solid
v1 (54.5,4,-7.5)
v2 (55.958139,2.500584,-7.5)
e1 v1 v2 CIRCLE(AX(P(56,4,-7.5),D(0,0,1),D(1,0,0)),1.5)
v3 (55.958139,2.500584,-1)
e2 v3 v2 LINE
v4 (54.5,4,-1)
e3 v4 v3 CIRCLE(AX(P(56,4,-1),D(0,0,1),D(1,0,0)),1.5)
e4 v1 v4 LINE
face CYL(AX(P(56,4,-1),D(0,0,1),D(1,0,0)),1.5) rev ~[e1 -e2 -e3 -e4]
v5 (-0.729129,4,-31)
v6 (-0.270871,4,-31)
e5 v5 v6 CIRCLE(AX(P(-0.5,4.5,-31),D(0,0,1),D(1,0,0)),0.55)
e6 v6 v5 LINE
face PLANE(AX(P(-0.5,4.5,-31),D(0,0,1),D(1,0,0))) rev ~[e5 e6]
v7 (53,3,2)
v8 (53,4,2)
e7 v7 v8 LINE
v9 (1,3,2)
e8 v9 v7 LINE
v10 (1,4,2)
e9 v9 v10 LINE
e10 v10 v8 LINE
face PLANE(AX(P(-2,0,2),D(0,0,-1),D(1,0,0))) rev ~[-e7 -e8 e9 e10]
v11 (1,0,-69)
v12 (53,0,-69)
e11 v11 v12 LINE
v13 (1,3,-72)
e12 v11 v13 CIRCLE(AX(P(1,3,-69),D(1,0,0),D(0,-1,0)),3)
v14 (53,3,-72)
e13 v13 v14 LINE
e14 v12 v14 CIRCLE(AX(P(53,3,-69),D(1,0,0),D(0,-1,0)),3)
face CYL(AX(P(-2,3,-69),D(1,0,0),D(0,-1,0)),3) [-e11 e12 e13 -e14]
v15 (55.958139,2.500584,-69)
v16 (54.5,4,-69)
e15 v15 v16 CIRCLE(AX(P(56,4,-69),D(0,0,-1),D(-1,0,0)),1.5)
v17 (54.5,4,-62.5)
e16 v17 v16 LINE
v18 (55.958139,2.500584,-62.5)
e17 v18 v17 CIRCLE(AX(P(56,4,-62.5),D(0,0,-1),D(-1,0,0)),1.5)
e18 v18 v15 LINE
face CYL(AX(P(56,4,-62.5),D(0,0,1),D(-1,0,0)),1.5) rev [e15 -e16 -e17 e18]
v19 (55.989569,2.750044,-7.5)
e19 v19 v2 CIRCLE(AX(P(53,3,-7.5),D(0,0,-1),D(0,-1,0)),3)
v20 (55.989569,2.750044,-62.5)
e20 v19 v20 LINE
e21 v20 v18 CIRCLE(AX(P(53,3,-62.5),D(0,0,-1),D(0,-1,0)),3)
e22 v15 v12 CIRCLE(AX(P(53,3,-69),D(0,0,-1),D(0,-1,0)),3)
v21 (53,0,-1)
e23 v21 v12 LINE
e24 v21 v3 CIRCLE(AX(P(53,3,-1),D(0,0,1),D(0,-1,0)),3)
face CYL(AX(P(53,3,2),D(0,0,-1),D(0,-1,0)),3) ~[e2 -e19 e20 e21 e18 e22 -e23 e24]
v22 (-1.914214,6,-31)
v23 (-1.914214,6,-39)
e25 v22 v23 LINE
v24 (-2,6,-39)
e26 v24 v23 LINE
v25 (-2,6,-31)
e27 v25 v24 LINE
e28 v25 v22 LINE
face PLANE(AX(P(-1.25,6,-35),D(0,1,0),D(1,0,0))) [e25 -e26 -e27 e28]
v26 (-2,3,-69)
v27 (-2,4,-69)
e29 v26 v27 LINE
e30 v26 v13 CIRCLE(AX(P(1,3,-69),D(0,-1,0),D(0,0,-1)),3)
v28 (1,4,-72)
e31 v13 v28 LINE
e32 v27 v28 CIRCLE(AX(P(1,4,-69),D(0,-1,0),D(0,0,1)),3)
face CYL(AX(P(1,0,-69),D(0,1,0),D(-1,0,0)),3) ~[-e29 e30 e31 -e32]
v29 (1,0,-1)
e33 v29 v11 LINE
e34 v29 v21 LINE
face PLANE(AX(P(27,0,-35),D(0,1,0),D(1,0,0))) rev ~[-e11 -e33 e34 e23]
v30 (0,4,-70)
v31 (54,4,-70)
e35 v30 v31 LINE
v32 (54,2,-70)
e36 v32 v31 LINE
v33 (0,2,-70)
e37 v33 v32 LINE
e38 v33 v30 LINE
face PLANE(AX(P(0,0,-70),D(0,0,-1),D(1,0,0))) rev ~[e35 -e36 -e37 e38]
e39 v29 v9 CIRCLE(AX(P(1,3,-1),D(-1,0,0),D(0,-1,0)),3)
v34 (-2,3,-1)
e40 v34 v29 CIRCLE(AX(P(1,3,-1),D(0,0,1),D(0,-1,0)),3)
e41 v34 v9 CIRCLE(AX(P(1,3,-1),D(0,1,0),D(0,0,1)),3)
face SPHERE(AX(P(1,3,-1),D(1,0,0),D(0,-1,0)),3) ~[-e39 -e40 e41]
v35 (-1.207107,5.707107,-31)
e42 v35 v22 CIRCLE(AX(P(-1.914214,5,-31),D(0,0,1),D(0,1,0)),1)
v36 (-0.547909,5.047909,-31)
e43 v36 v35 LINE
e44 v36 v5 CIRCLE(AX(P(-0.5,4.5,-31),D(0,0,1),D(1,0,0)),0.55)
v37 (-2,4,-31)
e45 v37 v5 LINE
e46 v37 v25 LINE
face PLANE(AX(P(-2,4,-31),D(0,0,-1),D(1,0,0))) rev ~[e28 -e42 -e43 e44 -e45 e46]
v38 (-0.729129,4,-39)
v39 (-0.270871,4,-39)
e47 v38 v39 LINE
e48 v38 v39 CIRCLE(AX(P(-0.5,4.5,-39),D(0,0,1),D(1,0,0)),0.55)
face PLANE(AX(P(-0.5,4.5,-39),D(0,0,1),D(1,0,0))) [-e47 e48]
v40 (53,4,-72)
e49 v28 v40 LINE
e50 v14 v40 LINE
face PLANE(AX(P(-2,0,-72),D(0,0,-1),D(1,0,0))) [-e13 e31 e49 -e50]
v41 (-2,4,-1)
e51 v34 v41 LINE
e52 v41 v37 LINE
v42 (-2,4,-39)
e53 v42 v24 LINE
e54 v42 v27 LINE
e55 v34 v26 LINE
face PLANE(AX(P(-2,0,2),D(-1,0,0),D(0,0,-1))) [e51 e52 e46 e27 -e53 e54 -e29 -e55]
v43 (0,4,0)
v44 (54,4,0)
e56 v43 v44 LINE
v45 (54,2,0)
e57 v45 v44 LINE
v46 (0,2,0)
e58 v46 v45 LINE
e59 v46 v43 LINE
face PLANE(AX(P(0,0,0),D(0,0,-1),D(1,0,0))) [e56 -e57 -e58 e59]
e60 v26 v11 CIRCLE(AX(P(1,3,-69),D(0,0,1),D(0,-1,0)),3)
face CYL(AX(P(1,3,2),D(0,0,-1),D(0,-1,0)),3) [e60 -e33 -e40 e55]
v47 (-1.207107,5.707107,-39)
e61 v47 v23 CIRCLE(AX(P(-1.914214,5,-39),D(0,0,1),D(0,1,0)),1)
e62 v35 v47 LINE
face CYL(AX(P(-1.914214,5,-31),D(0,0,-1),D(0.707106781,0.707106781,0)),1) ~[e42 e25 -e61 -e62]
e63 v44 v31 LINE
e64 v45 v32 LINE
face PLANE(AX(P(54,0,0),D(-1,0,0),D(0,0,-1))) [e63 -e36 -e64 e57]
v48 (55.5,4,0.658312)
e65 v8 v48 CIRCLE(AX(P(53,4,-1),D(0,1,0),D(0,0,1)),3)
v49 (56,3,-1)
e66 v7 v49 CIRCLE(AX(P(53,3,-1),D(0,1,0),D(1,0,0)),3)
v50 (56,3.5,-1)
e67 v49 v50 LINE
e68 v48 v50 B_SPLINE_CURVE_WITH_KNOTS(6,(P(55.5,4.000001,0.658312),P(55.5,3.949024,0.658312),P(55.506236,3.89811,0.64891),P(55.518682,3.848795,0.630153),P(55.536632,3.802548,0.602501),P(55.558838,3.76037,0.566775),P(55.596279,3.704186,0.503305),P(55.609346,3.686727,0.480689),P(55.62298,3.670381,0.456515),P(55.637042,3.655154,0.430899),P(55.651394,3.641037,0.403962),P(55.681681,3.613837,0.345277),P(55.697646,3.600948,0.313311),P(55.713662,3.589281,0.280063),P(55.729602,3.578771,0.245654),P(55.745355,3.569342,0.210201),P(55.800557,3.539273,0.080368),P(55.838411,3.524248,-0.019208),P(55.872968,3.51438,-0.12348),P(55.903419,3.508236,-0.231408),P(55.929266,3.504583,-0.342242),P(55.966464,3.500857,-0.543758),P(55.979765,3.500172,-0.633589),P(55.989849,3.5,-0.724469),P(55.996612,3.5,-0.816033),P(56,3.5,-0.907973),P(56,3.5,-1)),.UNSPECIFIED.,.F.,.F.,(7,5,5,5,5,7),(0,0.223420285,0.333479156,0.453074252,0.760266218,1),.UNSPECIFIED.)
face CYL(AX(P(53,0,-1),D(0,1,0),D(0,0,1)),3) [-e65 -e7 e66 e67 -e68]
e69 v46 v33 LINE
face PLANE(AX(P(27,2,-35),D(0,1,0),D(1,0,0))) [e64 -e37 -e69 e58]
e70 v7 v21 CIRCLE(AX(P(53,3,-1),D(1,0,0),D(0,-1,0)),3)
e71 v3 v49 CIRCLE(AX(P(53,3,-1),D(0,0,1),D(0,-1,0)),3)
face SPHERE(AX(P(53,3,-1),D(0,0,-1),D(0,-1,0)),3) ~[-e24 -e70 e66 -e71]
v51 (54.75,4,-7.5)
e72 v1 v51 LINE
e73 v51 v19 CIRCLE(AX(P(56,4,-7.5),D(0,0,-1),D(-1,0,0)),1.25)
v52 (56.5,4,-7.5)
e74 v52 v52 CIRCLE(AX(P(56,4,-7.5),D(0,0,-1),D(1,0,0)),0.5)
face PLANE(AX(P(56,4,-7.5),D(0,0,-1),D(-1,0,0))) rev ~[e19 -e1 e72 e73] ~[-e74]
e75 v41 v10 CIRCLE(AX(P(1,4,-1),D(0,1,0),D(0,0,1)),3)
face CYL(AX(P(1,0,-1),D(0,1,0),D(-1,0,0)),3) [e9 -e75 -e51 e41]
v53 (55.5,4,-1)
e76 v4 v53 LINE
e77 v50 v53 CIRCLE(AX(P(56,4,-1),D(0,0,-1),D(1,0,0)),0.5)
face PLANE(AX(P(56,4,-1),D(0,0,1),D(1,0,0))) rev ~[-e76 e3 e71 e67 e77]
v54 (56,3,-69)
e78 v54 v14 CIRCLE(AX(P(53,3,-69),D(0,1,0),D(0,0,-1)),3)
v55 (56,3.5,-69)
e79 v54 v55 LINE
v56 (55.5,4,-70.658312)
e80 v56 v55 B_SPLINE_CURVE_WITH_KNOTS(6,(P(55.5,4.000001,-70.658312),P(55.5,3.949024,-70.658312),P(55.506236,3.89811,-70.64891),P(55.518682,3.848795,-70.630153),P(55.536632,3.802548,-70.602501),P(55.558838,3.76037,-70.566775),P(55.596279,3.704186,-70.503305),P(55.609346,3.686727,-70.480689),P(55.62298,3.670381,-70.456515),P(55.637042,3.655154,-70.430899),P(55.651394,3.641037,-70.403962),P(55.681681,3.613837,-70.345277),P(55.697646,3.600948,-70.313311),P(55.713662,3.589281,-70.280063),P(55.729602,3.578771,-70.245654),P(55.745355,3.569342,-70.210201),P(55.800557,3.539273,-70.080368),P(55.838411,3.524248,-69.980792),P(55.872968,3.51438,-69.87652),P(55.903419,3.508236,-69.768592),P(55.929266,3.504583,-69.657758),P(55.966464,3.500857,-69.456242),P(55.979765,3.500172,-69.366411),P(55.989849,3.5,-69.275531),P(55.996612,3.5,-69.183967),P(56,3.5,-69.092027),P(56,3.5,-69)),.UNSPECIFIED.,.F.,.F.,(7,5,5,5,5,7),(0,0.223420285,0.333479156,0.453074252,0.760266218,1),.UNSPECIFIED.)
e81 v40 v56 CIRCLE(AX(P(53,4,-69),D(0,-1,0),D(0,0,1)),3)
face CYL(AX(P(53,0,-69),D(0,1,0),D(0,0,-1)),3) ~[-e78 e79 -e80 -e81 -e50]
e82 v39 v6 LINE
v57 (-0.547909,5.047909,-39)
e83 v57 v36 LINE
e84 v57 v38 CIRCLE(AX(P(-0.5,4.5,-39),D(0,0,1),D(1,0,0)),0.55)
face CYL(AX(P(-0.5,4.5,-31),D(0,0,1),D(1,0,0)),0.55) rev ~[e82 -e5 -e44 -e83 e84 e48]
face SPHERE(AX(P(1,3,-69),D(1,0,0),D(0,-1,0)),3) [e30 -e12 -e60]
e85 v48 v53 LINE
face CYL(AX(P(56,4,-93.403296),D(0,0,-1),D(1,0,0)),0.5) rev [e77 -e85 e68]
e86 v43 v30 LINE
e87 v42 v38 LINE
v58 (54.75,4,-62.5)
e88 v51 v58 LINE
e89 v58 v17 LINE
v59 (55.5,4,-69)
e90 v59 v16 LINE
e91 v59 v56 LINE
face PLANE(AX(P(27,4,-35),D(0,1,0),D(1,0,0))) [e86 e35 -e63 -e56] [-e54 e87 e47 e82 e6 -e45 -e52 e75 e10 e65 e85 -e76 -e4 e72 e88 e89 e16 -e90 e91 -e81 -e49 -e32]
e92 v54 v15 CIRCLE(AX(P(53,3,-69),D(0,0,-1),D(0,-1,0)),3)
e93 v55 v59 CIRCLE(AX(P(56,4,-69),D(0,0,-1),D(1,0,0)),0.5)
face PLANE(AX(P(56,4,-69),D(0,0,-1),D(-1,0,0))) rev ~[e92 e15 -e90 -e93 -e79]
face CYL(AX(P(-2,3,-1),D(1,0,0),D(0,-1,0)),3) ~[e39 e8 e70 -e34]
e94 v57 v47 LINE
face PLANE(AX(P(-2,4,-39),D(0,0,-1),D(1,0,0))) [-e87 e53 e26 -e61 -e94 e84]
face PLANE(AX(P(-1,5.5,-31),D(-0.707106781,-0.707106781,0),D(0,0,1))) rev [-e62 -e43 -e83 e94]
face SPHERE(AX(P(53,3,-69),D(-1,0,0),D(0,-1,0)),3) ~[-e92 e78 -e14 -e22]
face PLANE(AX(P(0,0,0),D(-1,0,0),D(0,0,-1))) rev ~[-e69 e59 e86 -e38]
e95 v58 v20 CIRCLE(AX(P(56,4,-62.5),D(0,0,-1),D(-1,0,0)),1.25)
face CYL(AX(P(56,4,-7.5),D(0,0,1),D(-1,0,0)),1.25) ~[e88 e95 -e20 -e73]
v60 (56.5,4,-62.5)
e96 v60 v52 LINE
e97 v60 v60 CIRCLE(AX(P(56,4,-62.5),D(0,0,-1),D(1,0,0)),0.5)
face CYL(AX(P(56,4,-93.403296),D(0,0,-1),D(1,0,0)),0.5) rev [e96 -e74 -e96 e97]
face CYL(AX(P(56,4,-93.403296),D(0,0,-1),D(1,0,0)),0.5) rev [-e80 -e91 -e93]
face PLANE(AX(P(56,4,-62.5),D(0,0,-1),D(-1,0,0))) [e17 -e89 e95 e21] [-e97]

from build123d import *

# Parameters (mm, degrees)
BOTTOM_W                = 58
BOTTOM_H                = 74
BOTTOM_W_2              = 54
BOTTOM_H_2              = 70
DUVAR_DEPTH             = 4
BOTTOM_2_W              = 54
BOTTOM_2_H              = 70
TABAN_DEPTH             = 2
FILLET2_R               = 3
CENTIK_W                = 1.5
CENTIK_H                = 8
CENTIK_CIKINTI_DEPTH    = 2
SKETCH1_R               = 1.5
CUT_EXTRUDE1_DEPTH      = 6.5
CUT_EXTRUDE2_START      = -6.5
MENTESE_OUT_R           = 1.5
CUT_EXTRUDE2_DEPTH      = 6.5
BOSS_EXTRUDE3_START     = -55
SKETCH2_R               = 1.25
BOSS_EXTRUDE3_DEPTH     = 55
CUT_EXTRUDE3_DEPTH      = 92.403295892
CUT_EXTRUDE3_DEPTH_BACK = 92.403295892
MENTESE_IN_R            = 0.5
CHAMFER1_SIZE           = 1
FILLET3_R               = 1
TIRNAK_R                = 0.55
TIRNAK_EX_DEPTH         = 8


with BuildPart() as part:
    # bottom → duvar (new body)
    with BuildSketch(Plane(origin=(0, 0, 0), x_dir=(1, 0, 0), z_dir=(0, 1, 0))):
        with Locations((27, 35)):
            Rectangle(BOTTOM_W, BOTTOM_H)
        with Locations((27, 35)):
            Rectangle(BOTTOM_W_2, BOTTOM_H_2, mode=Mode.SUBTRACT)
    extrude(amount=DUVAR_DEPTH)

    # bottom<2> → taban (add)
    with BuildSketch(Plane(origin=(0, 0, 0), x_dir=(1, 0, 0), z_dir=(0, 1, 0))):
        with Locations((27, 35)):
            Rectangle(BOTTOM_2_W, BOTTOM_2_H)
    extrude(amount=TABAN_DEPTH)

    # Fillet2
    fillet2_edges = [part.edges().sort_by_distance(p)[0] for p in [
        (27, 0, -72),
        (56, 0, -35),
        (27, 0, 2),
        (-2, 0, -35),
        (-2, 2, -72),
        (56, 2, -72),
        (56, 2, 2),
        (-2, 2, 2),
    ]]
    fillet(fillet2_edges, radius=FILLET2_R)

    # centik → centik cikinti (add)
    with BuildSketch(Plane(origin=(0, 4, 0), x_dir=(1, 0, 0), z_dir=(0, 1, 0))):
        with Locations((-1.25, 35)):
            Rectangle(CENTIK_W, CENTIK_H)
    extrude(amount=CENTIK_CIKINTI_DEPTH)

    # Sketch1 → Cut-Extrude1 (cut)
    with BuildSketch(Plane.XY.offset(-1)):
        with Locations((56, 4)):
            Circle(SKETCH1_R)
    extrude(amount=-CUT_EXTRUDE1_DEPTH, mode=Mode.SUBTRACT)

    # mentese out → Cut-Extrude2 (cut)
    with BuildSketch(Plane(origin=(0, 0, -69), x_dir=(-1, 0, 0), z_dir=(0, 0, -1)).offset(CUT_EXTRUDE2_START)):
        with Locations((-56, 4)):
            Circle(MENTESE_OUT_R)
    extrude(amount=CUT_EXTRUDE2_DEPTH, mode=Mode.SUBTRACT)

    # Sketch2 → Boss-Extrude3 (add)
    with BuildSketch(Plane(origin=(0, 0, -62.5), x_dir=(-1, 0, 0), z_dir=(0, 0, -1)).offset(BOSS_EXTRUDE3_START)):
        with Locations((-56, 4)):
            Circle(SKETCH2_R)
    extrude(amount=BOSS_EXTRUDE3_DEPTH)

    # mentese in → Cut-Extrude3 (cut, two sides: drawn at the far end of the back side and taken through both)
    with BuildSketch(Plane.XY.offset(-1).offset(-CUT_EXTRUDE3_DEPTH_BACK)):
        with Locations((56, 4)):
            Circle(MENTESE_IN_R)
    extrude(amount=CUT_EXTRUDE3_DEPTH + CUT_EXTRUDE3_DEPTH_BACK, mode=Mode.SUBTRACT)

    # Chamfer1
    chamfer1_edges = [part.edges().sort_by_distance(p)[0] for p in [
        (-0.5, 6, -35),
    ]]
    chamfer(chamfer1_edges, length=CHAMFER1_SIZE)

    # Fillet3
    fillet3_edges = [part.edges().sort_by_distance(p)[0] for p in [
        (-1.5, 6, -35),
    ]]
    fillet(fillet3_edges, radius=FILLET3_R)

    # tirnak → tirnak ex (cut)
    with BuildSketch(Plane.XY.offset(-31)):
        with Locations((-0.5, 4.5)):
            Circle(TIRNAK_R)
    extrude(amount=-TIRNAK_EX_DEPTH, mode=Mode.SUBTRACT)


solid = part.part
